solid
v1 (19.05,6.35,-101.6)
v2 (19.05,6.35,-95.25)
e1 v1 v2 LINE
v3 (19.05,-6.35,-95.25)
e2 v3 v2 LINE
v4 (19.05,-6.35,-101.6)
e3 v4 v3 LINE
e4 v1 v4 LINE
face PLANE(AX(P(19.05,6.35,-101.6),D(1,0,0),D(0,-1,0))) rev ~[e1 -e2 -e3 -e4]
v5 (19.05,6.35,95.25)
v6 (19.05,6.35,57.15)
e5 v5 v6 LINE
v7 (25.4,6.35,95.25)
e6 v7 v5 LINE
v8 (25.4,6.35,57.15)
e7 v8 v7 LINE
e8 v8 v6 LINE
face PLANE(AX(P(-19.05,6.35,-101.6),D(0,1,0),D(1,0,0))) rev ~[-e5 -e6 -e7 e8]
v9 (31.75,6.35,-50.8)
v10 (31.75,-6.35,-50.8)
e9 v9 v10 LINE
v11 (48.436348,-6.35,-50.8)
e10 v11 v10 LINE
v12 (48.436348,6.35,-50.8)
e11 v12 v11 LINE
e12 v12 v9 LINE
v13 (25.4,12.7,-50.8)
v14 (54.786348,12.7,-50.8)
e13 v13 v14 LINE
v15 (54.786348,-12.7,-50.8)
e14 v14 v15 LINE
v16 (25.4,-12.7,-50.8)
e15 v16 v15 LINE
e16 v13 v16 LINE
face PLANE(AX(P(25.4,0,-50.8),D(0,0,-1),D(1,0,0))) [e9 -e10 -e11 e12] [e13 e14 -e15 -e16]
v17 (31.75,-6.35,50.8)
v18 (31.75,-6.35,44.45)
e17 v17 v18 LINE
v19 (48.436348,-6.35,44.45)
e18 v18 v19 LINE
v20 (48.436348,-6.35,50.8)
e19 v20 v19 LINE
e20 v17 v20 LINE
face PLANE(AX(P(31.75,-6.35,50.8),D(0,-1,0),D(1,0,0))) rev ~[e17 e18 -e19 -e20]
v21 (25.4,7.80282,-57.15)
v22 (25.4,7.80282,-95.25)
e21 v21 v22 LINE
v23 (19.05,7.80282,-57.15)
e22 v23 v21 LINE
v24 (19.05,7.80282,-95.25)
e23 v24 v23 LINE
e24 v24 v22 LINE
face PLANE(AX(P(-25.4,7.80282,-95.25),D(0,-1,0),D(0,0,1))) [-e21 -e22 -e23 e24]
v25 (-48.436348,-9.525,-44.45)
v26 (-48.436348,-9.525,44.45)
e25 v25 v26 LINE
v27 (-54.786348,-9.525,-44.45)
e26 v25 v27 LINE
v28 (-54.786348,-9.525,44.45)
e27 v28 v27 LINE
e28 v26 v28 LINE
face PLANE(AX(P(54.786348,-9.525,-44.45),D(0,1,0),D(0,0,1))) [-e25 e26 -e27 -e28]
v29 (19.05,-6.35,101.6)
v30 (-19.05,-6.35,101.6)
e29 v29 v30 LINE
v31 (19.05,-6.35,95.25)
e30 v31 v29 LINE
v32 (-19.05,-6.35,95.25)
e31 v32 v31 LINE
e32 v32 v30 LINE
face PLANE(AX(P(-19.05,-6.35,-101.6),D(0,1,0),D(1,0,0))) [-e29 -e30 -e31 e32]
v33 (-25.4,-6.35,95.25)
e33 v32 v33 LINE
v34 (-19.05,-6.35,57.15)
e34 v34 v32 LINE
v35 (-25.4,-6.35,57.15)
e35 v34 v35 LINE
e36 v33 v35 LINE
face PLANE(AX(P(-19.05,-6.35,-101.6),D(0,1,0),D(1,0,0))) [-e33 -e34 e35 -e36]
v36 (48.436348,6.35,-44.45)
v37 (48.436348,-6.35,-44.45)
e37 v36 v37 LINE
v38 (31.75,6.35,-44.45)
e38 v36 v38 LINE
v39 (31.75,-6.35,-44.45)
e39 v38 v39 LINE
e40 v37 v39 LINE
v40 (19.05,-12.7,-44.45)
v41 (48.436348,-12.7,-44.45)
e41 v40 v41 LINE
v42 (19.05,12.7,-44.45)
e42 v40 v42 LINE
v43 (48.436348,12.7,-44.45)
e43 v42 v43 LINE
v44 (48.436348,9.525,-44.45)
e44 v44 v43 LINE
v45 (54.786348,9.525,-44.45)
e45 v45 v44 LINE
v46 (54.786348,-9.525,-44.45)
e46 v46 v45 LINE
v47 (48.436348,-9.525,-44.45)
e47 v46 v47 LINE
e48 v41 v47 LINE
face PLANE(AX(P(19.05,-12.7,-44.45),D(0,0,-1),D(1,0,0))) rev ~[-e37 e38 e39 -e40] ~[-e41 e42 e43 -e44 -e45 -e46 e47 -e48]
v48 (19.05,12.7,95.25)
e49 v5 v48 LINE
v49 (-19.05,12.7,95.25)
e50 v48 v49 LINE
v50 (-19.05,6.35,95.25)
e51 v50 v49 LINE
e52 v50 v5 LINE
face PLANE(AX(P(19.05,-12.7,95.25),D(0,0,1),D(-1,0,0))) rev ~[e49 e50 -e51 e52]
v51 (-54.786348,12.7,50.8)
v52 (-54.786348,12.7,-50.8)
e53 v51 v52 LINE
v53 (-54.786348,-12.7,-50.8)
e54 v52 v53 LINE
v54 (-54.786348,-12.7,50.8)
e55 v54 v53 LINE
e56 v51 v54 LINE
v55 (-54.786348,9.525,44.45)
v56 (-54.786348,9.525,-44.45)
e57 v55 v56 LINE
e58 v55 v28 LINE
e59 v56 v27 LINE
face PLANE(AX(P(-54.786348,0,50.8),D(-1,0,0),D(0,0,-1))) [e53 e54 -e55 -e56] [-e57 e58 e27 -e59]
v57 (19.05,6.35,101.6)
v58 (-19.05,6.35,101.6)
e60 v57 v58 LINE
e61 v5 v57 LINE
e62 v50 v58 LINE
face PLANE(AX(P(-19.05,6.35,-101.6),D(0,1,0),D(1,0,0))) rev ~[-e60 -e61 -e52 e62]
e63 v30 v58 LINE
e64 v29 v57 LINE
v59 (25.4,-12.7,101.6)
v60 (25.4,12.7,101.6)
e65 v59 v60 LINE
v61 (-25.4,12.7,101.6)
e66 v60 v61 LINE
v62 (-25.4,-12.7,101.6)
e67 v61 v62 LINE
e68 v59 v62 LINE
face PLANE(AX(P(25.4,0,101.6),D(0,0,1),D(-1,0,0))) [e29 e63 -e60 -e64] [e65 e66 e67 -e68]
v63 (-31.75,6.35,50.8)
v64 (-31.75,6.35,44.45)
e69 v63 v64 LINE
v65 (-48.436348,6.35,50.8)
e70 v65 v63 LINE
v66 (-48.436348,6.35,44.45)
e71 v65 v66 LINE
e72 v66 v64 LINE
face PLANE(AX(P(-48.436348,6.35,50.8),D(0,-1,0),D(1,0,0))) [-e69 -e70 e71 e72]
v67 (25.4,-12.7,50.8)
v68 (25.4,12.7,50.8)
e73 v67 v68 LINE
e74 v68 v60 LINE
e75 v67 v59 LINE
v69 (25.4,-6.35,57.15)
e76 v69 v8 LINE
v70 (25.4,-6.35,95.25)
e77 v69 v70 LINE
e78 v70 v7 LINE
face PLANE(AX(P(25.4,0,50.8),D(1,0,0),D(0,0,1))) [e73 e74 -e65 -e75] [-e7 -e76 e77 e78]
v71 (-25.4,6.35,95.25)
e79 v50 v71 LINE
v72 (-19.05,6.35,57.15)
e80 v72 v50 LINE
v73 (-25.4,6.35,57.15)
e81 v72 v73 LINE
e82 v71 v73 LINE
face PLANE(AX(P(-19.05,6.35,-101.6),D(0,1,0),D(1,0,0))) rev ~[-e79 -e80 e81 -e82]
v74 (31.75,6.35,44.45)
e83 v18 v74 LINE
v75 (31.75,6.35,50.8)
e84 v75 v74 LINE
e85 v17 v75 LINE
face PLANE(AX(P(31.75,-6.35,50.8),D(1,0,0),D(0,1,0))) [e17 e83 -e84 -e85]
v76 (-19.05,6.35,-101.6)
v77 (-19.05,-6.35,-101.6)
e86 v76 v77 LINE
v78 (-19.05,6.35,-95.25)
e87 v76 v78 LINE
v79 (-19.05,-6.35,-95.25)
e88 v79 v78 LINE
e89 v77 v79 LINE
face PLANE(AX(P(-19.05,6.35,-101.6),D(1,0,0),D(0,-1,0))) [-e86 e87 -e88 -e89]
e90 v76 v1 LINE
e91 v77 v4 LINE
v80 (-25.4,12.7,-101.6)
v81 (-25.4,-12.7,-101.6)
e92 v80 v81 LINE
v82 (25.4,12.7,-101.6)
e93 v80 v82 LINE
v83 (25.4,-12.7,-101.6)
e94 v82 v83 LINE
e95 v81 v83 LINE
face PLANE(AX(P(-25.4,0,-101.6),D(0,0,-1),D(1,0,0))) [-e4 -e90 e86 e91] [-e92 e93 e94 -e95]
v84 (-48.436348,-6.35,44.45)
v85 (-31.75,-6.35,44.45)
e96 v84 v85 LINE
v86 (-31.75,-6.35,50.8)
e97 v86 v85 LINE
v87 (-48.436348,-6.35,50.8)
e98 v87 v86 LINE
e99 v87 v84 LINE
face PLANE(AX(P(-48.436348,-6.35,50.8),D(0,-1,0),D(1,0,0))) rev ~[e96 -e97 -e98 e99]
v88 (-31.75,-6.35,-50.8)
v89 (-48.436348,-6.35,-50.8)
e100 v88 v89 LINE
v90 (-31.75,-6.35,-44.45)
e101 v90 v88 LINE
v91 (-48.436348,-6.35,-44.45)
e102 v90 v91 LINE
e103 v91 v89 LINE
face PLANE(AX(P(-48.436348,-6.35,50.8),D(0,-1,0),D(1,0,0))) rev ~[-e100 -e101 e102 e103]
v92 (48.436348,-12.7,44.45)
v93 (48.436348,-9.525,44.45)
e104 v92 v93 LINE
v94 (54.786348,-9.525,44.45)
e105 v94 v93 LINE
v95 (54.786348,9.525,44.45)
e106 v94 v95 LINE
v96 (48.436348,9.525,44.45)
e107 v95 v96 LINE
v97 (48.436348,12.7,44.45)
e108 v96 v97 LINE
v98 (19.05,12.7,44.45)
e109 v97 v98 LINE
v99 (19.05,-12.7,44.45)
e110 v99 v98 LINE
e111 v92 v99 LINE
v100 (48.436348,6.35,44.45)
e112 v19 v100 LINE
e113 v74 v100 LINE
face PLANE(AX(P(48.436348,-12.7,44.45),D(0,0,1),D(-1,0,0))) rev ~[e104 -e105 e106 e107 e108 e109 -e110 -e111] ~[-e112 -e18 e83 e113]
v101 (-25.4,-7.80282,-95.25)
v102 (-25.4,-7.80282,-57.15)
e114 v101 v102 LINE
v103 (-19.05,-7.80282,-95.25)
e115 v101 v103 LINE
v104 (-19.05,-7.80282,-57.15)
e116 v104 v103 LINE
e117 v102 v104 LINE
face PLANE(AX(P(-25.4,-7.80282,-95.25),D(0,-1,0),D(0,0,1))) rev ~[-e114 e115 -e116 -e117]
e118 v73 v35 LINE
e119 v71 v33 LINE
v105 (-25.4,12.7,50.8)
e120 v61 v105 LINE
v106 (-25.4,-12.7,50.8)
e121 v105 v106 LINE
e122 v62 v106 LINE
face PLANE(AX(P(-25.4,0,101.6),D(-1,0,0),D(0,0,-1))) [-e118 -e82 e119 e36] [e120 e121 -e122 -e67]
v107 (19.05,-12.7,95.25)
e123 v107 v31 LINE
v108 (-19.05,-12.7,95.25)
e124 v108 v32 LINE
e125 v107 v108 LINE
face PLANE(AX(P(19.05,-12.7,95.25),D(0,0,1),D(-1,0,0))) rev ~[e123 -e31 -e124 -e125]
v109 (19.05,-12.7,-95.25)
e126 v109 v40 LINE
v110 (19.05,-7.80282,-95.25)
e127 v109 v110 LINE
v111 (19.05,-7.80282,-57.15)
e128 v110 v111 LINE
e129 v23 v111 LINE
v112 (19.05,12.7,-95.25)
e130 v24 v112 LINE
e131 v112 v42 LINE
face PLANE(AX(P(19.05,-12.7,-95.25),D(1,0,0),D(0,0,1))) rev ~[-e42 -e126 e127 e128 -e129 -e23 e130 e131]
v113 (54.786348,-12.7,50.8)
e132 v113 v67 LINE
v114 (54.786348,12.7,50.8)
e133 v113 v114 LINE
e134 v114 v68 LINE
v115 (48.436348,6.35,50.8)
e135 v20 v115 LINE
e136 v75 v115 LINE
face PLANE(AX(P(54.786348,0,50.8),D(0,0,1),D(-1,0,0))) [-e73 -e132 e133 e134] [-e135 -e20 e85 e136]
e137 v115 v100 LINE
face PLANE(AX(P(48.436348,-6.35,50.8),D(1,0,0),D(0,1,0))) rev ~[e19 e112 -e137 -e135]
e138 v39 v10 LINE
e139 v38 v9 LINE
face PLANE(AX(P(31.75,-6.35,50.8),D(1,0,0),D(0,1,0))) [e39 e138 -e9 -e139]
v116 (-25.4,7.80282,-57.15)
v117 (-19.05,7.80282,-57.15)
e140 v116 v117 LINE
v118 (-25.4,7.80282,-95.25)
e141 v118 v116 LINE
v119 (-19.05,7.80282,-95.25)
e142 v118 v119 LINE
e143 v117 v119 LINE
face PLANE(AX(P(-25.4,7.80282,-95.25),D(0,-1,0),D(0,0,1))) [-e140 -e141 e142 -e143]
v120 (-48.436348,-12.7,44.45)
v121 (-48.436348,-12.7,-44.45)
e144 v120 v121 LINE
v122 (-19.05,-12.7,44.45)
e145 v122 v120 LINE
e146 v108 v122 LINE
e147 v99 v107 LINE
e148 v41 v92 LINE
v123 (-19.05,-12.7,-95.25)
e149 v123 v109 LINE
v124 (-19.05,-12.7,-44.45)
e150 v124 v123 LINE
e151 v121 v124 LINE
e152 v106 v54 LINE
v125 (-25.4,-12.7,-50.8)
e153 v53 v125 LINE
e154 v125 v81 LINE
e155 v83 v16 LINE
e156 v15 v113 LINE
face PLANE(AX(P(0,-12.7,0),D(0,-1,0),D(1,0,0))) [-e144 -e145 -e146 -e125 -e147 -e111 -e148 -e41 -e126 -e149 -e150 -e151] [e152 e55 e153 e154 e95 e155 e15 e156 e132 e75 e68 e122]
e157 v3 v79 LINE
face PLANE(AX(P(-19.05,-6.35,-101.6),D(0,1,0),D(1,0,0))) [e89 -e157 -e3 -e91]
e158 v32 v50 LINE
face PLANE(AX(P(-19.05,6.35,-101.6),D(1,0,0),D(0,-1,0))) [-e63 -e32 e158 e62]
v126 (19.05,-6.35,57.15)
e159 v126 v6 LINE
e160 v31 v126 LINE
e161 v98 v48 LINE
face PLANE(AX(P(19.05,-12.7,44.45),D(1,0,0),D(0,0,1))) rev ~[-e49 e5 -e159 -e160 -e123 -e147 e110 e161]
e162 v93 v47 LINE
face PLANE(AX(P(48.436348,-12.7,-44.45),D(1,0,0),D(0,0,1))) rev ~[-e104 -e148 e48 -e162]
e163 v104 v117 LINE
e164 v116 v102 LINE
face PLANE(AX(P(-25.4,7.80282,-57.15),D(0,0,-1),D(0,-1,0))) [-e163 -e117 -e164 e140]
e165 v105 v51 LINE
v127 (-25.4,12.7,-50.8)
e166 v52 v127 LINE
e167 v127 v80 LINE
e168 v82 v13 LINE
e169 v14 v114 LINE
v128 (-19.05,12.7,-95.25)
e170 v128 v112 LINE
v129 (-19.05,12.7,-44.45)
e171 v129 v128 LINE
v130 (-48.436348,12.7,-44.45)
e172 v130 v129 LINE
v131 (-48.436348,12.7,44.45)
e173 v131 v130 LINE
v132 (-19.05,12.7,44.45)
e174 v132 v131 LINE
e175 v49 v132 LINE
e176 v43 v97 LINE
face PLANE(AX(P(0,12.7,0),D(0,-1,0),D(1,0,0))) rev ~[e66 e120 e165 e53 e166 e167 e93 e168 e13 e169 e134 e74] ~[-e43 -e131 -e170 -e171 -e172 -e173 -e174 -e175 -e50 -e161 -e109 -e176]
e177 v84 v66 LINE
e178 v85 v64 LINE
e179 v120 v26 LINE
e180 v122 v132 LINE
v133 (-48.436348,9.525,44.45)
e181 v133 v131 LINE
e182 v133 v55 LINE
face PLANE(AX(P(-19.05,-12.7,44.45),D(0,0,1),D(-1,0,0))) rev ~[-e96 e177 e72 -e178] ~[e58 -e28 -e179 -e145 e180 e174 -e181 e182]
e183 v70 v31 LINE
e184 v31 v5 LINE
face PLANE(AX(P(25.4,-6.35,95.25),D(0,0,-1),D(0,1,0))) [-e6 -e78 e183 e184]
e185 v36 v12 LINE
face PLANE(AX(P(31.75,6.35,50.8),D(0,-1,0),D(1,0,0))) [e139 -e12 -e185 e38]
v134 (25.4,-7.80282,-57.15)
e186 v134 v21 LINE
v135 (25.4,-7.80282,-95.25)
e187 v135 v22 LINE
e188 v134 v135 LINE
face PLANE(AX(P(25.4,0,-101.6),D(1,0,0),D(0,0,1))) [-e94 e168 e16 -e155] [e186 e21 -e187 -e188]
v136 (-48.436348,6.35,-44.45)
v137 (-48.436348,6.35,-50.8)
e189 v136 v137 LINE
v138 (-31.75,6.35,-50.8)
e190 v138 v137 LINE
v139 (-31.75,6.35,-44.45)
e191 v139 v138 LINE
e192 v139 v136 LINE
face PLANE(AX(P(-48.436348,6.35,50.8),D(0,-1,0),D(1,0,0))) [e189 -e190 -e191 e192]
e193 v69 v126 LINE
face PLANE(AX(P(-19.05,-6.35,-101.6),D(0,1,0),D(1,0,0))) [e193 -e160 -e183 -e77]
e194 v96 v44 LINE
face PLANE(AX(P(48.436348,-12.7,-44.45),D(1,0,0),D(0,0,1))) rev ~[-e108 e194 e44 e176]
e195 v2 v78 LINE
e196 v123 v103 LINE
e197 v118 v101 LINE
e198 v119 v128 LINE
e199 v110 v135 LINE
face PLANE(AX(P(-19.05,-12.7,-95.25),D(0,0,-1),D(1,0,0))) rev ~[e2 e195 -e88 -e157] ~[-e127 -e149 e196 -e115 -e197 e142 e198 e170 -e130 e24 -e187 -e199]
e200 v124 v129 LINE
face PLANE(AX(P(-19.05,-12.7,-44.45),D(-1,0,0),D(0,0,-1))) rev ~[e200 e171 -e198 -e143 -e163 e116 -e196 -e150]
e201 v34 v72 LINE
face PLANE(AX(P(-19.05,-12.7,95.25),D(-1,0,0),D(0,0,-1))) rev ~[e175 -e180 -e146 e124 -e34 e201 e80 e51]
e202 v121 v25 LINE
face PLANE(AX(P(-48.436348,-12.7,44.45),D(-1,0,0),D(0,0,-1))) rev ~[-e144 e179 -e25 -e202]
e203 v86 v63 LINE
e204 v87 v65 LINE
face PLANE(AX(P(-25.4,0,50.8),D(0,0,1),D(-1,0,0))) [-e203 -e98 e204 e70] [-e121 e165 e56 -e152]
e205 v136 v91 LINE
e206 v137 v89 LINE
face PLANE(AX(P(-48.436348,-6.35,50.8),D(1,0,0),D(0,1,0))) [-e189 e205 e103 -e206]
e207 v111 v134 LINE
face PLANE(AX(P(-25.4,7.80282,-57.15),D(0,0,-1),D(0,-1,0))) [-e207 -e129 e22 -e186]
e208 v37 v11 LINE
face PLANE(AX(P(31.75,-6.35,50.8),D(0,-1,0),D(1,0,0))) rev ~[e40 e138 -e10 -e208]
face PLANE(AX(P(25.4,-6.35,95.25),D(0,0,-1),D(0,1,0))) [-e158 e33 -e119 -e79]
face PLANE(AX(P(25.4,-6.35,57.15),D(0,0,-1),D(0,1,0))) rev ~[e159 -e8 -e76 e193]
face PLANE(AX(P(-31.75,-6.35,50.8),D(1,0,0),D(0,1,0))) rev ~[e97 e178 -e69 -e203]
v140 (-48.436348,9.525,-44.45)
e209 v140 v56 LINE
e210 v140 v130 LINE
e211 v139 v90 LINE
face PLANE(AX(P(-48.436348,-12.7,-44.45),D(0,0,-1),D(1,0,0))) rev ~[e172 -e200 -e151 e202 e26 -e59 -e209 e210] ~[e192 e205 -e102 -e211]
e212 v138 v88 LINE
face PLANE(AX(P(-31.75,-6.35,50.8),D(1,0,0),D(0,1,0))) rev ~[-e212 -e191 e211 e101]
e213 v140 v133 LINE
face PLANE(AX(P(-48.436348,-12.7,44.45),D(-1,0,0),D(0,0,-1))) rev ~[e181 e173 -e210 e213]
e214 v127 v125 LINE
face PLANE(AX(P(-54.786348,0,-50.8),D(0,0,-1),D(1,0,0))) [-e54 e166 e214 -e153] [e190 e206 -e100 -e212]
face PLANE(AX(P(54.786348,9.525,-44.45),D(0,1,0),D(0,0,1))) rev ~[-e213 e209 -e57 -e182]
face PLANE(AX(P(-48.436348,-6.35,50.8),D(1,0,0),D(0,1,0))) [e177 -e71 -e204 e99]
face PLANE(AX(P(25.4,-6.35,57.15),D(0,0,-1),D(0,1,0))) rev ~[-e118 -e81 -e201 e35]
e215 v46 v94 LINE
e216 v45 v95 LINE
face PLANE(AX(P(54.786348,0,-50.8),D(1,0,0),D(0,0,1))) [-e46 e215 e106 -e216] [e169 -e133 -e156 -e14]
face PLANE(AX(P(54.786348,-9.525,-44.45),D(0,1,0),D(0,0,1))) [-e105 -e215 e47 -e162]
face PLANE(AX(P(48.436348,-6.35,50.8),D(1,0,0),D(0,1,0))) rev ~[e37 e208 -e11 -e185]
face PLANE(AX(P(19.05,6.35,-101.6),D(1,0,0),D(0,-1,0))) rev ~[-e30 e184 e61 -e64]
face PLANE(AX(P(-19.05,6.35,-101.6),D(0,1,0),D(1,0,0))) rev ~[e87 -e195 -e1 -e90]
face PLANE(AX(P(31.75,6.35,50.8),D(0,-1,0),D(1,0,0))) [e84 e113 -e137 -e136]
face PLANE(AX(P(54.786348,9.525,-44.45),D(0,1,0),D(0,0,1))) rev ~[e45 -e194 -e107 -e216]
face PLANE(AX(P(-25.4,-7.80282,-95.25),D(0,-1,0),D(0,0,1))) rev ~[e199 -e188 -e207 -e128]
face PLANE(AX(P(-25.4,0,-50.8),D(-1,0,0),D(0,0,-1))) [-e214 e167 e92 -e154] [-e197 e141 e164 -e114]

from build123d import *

# Parameters (mm, degrees)
F1_DEPTH  = 12.7
F2_W      = 19.05
F2_H      = 88.9
F3_DEPTH  = 109.573695
F4_W      = 38.1
F4_H      = 12.7
F5_DEPTH  = 203.201
F6_W      = 12.7
F6_H      = 38.1
F7_DEPTH  = 80.187348
F8_W      = 15.60564
F8_H      = 38.1
F9_DEPTH  = 80.187348
F11_DEPTH = 25.401
F12_W     = 16.686348
F12_H     = 12.7
F13_DEPTH = 152.401
F14_W     = 16.686348
F14_H     = 12.7
F15_DEPTH = 152.401


with BuildPart() as f1:
    # F0 (on Front) → F1 (new body, symmetric)
    with BuildSketch(Plane.XZ):
        Polygon((25.4, 101.6), (0, 101.6), (-25.4, 101.6), (-25.4, 50.8), (-54.786348, 50.8), (-54.786348, -50.8), (-25.4, -50.8), (-25.4, -101.6), (0, -101.6), (25.4, -101.6), (25.4, -50.8), (54.786348, -50.8), (54.786348, 50.8), (25.4, 50.8), align=None)
    extrude(amount=F1_DEPTH, both=True)

    # F2 (on face) → F3 (cut, through all)
    with BuildSketch(Plane.YZ.offset(54.786348)):
        Rectangle(F2_W, F2_H)
    extrude(amount=-F3_DEPTH, mode=Mode.SUBTRACT)

    # F4 (on face) → F5 (cut, through all)
    with BuildSketch(Plane(origin=(0, 0, -101.6), x_dir=(1, 0, 0), z_dir=(0, 0, -1))):
        Rectangle(F4_W, F4_H)
    extrude(amount=-F5_DEPTH, mode=Mode.SUBTRACT)

    # F6 (on face) → F7 (cut, through all)
    with BuildSketch(Plane.YZ.offset(25.4)):
        with Locations((0, 76.2)):
            Rectangle(F6_W, F6_H)
    extrude(amount=-F7_DEPTH, mode=Mode.SUBTRACT)

    # F8 (on face) → F9 (cut, through all)
    with BuildSketch(Plane(origin=(-25.4, 0, 0), x_dir=(0, -1, 0), z_dir=(-1, 0, 0))):
        with Locations((0, -76.2)):
            Rectangle(F8_W, F8_H)
    extrude(amount=-F9_DEPTH, mode=Mode.SUBTRACT)

    # F10 (on face) → F11 (cut, through all)
    with BuildSketch(Plane.XZ.offset(12.7)):
        Polygon((19.05, 95.25), (-19.05, 95.25), (-19.05, 44.45), (-48.436348, 44.45), (-48.436348, -44.45), (-19.05, -44.45), (-19.05, -95.25), (19.05, -95.25), (19.05, -44.45), (48.436348, -44.45), (48.436348, 44.45), (19.05, 44.45), align=None)
    extrude(amount=-F11_DEPTH, mode=Mode.SUBTRACT)

    # F12 (on face) → F13 (cut, through all)
    with BuildSketch(Plane.XY.offset(50.8)):
        with Locations((-40.093174, 0)):
            Rectangle(F12_W, F12_H)
    extrude(amount=-F13_DEPTH, mode=Mode.SUBTRACT)

    # F14 (on face) → F15 (cut, through all)
    with BuildSketch(Plane.XY.offset(50.8)):
        with Locations((40.093174, 0)):
            Rectangle(F14_W, F14_H)
    extrude(amount=-F15_DEPTH, mode=Mode.SUBTRACT)


solid = f1.part
